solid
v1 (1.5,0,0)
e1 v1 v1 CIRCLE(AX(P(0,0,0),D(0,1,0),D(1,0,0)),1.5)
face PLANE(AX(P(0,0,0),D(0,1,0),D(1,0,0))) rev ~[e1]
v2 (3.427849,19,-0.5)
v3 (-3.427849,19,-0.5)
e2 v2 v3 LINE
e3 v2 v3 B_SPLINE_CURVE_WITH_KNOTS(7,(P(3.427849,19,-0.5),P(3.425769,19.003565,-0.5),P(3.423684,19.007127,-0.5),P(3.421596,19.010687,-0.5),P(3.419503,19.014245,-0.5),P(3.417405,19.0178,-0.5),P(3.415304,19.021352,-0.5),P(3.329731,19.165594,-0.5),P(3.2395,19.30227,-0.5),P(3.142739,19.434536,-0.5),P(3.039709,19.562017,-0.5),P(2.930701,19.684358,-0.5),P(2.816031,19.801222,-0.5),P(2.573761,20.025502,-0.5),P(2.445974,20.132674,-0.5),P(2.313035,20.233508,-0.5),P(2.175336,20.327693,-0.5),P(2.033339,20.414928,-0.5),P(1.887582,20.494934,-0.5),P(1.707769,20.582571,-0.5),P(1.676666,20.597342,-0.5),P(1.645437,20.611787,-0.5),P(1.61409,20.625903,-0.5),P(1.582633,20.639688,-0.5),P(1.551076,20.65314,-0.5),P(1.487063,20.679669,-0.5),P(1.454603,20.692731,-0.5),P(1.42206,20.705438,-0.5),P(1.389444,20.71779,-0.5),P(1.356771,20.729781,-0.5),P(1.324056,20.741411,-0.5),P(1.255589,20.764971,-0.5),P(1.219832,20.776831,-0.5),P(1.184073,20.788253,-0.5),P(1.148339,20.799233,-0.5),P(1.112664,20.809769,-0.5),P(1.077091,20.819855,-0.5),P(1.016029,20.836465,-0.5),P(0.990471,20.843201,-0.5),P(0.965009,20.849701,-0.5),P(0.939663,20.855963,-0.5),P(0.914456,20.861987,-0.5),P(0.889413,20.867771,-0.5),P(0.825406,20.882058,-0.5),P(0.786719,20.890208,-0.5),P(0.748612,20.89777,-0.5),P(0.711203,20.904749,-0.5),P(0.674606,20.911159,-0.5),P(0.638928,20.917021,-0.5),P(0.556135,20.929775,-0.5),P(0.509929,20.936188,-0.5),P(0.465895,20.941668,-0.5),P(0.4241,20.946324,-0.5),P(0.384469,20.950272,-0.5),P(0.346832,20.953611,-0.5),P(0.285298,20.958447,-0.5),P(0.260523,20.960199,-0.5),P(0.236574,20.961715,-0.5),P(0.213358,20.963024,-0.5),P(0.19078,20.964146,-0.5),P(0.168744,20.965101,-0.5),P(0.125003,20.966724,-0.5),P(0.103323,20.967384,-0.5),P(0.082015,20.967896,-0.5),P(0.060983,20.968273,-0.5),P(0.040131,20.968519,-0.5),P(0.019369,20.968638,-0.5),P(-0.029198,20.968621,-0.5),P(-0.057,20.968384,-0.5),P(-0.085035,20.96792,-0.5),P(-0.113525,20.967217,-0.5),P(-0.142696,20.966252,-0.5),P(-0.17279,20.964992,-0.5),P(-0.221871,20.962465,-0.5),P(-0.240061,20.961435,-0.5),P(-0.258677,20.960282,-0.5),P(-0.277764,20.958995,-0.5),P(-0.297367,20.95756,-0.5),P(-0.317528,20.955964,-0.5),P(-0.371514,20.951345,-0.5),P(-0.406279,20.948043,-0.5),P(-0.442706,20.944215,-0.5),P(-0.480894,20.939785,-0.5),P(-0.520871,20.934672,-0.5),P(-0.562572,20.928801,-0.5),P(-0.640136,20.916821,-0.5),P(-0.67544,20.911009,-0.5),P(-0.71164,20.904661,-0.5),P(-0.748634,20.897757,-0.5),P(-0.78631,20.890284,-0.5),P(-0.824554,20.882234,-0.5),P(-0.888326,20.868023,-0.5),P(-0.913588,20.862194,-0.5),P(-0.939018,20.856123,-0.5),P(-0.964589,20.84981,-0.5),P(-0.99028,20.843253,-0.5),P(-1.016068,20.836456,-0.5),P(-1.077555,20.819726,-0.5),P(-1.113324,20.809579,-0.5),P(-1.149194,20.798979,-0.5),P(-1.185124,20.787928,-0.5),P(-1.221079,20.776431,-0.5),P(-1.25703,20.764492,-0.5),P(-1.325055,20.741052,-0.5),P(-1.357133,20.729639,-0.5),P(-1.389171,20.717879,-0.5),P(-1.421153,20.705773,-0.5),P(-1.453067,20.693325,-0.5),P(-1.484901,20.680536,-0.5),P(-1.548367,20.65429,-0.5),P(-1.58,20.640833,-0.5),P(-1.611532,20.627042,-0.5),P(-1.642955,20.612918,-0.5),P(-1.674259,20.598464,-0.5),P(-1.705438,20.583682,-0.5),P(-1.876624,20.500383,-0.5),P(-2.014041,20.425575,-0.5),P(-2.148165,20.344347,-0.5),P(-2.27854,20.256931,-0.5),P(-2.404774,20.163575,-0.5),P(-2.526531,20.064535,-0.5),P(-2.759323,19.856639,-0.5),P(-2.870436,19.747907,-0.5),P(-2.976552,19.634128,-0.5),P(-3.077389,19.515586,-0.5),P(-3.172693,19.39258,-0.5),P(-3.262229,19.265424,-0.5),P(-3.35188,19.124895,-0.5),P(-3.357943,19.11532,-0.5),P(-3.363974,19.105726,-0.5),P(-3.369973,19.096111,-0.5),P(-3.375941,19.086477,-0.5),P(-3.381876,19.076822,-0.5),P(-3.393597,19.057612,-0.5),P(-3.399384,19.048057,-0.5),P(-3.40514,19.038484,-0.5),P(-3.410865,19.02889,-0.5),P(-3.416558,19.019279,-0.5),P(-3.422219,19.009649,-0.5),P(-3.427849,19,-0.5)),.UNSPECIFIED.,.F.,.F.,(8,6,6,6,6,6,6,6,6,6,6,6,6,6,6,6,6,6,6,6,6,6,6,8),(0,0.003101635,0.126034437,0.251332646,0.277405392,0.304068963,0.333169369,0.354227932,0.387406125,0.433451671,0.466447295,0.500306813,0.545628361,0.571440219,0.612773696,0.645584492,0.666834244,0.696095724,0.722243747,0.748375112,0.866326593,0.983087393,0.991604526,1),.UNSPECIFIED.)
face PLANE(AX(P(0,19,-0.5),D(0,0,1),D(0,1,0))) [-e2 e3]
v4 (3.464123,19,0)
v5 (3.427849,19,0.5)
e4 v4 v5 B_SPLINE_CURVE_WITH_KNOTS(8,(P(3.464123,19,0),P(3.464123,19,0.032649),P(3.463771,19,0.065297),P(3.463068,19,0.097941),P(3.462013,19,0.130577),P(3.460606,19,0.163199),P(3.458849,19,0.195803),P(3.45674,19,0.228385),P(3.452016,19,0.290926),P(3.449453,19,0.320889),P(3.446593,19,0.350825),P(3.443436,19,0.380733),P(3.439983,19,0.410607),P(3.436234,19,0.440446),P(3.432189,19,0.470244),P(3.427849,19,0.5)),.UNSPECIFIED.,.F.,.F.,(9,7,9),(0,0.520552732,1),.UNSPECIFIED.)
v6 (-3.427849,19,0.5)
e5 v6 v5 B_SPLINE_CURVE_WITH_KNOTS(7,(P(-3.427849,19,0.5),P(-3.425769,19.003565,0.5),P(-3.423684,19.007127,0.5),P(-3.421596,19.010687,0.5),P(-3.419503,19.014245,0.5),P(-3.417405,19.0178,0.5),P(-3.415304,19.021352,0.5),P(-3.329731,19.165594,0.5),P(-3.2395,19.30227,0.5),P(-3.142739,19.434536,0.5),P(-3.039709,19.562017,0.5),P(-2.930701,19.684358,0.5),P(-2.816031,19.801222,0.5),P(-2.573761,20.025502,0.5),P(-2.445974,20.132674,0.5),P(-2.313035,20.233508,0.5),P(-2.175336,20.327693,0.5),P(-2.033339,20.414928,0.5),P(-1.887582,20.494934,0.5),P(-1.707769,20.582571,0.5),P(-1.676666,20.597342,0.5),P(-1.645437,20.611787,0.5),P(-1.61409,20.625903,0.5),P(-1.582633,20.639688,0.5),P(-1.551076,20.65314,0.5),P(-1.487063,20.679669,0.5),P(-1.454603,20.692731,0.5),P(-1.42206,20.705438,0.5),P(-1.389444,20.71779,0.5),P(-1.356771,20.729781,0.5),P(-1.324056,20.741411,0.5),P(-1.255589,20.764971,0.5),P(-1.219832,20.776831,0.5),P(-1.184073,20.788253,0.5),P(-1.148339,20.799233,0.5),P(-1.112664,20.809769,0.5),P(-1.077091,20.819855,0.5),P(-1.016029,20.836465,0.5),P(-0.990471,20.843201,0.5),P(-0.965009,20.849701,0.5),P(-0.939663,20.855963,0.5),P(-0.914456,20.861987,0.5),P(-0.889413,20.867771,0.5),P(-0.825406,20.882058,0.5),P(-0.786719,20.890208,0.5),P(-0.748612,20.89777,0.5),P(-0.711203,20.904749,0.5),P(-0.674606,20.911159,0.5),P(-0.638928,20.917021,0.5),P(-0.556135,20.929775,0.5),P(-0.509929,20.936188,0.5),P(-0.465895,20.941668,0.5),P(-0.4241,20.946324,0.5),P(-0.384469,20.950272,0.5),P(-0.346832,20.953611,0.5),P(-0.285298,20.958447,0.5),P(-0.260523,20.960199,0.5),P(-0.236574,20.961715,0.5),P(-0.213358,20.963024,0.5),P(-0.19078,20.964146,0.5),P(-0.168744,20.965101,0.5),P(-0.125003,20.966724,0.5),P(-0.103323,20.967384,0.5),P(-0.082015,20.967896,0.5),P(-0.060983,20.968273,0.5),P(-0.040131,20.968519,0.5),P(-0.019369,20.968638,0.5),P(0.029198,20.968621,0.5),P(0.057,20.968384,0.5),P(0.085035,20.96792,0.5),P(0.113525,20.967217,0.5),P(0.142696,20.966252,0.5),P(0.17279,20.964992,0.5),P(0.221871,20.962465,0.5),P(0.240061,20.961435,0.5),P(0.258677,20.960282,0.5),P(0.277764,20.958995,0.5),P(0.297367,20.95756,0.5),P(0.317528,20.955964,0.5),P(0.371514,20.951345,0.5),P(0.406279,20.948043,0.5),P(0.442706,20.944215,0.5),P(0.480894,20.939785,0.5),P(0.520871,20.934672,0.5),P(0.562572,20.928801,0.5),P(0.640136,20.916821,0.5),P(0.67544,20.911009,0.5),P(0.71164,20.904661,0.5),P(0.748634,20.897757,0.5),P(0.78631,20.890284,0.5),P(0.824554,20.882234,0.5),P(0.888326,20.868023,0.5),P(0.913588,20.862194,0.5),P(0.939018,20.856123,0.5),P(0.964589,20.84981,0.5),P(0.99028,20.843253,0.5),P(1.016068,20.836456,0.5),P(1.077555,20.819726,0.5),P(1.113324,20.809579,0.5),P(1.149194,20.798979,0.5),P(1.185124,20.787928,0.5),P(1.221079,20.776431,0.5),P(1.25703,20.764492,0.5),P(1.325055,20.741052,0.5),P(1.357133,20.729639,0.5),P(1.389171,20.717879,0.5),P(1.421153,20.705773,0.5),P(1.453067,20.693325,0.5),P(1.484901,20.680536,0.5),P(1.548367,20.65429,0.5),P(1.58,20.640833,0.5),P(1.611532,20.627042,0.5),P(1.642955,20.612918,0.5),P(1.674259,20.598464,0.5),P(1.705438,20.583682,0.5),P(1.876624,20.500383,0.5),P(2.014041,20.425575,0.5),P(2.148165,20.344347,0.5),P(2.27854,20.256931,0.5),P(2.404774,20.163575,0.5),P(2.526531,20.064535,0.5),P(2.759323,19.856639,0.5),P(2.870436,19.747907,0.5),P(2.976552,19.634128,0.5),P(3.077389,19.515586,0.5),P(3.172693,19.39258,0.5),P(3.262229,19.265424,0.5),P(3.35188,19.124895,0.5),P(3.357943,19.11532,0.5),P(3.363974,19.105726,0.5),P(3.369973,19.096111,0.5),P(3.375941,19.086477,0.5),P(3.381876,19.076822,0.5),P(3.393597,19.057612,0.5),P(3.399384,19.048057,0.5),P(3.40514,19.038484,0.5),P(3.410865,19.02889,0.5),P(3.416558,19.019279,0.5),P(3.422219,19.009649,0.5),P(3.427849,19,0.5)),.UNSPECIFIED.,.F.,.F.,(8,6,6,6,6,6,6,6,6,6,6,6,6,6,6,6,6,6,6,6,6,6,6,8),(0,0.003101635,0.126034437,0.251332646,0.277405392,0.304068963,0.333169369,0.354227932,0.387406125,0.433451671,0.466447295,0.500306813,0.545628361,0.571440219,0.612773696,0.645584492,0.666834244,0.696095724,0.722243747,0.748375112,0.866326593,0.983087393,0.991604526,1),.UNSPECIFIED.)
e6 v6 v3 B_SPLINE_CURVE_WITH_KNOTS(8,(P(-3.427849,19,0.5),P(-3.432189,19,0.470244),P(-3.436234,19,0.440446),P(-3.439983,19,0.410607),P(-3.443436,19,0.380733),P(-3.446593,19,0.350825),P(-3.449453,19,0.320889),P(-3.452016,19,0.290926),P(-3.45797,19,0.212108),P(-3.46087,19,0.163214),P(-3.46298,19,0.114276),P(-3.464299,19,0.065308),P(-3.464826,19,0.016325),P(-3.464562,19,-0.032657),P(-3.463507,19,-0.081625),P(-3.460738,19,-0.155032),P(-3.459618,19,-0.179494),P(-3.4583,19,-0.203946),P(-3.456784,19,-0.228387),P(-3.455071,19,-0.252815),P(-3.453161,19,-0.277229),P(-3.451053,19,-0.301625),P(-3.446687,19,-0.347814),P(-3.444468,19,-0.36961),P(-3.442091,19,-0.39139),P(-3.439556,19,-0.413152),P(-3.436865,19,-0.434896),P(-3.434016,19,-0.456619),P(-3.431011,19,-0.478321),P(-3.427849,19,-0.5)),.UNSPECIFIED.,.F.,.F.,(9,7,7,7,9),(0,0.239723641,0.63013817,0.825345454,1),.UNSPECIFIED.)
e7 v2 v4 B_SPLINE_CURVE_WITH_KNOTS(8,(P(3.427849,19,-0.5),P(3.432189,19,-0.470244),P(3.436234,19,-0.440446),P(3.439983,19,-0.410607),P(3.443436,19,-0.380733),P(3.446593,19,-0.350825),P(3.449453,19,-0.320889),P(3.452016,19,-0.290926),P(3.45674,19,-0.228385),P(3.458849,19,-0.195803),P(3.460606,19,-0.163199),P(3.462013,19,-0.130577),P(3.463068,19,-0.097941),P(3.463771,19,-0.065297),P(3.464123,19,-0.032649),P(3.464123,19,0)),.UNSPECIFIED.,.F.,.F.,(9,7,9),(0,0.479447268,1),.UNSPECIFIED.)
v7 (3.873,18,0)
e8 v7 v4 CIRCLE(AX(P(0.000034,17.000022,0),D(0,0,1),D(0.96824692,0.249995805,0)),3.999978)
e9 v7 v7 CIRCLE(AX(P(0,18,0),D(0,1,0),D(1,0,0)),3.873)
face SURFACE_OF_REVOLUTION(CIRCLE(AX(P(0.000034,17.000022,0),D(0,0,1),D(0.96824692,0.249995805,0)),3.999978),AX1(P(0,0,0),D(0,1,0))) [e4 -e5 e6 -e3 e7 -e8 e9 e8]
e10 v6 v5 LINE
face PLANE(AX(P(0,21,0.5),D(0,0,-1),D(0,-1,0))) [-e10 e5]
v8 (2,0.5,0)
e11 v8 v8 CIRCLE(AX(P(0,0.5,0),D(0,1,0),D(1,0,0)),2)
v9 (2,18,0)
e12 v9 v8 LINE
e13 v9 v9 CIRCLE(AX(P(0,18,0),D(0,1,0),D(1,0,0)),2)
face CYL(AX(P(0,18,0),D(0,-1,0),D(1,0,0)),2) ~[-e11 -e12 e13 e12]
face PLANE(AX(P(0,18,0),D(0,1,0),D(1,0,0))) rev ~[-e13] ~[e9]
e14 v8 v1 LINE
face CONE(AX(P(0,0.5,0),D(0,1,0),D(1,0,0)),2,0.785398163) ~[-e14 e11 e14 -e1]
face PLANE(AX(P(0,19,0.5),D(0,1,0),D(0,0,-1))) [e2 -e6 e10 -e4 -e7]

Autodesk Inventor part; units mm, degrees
ref_plane "YZ Plane" through (0, 0, 0) normal (1, 0, 0) x (0, 1, 0)
ref_plane "XZ Plane" through (0, 0, 0) normal (0, 1, 0) x (-1, 0, 0)
ref_plane "XY Plane" through (0, 0, 0) normal (0, 0, 1) x (1, 0, 0)
sketch "Sketch1" plane through (0, 0, 0) normal (0, 0, 1) x (1, 0, 0)
  line L0 (0, 0) -> (0, 21)
  arc A0 (3.873, 18) -> (0, 21) centre (0, 17) ccw
  line L1 (3.873, 18) -> (2, 18)
  line L2 (2, 18) -> (2, 0)
  line L3 (2, 0) -> (0, 0)
  dimension "Diameter" = 4
  dimension "Length" = 18
  dimension "d2" = 4
  dimension "d3" = 3
revolve "Revolution1" add sketch "Sketch1" angle 360 about axis through (0, 0, 0) along (0, 1, 0)
thread "Thread1" size "M4x0.7" class "6g" standard "ANSI Metric M Profile" length 10
sketch "Sketch2" plane through (0, 0, 0) normal (1, 0, 0) x (0, 1, 0)
  arc A0 (18, -3.873) -> (18, 3.873) centre (17, 0) ccw construction
  line L0 (0, 0) -> (21, 0) construction
  line L1 (21, 0.5) -> (19, 0.5)
  line L2 (19, 0.5) -> (19, -0.5)
  line L3 (19, -0.5) -> (21, -0.5)
  line L4 (21, -0.5) -> (21, 0.5)
  dimension "d7" = 2
  dimension "d8" = 1
extrude "Extrusion1" cut sketch "Sketch2" along normal through all both and the other way through all
chamfer "Chamfer1" distance 0.5 angle 45 1 edges at (-2, 0, 0)
equation "\"d2\" = Diameter"
equation "\"d3\" = 0.75 * Diameter"
equation "\"d7\" = 0.5 * Diameter"
equation "\"d8\" = 0.25 * Diameter"
properties part number "Round Head Machine Screw"
